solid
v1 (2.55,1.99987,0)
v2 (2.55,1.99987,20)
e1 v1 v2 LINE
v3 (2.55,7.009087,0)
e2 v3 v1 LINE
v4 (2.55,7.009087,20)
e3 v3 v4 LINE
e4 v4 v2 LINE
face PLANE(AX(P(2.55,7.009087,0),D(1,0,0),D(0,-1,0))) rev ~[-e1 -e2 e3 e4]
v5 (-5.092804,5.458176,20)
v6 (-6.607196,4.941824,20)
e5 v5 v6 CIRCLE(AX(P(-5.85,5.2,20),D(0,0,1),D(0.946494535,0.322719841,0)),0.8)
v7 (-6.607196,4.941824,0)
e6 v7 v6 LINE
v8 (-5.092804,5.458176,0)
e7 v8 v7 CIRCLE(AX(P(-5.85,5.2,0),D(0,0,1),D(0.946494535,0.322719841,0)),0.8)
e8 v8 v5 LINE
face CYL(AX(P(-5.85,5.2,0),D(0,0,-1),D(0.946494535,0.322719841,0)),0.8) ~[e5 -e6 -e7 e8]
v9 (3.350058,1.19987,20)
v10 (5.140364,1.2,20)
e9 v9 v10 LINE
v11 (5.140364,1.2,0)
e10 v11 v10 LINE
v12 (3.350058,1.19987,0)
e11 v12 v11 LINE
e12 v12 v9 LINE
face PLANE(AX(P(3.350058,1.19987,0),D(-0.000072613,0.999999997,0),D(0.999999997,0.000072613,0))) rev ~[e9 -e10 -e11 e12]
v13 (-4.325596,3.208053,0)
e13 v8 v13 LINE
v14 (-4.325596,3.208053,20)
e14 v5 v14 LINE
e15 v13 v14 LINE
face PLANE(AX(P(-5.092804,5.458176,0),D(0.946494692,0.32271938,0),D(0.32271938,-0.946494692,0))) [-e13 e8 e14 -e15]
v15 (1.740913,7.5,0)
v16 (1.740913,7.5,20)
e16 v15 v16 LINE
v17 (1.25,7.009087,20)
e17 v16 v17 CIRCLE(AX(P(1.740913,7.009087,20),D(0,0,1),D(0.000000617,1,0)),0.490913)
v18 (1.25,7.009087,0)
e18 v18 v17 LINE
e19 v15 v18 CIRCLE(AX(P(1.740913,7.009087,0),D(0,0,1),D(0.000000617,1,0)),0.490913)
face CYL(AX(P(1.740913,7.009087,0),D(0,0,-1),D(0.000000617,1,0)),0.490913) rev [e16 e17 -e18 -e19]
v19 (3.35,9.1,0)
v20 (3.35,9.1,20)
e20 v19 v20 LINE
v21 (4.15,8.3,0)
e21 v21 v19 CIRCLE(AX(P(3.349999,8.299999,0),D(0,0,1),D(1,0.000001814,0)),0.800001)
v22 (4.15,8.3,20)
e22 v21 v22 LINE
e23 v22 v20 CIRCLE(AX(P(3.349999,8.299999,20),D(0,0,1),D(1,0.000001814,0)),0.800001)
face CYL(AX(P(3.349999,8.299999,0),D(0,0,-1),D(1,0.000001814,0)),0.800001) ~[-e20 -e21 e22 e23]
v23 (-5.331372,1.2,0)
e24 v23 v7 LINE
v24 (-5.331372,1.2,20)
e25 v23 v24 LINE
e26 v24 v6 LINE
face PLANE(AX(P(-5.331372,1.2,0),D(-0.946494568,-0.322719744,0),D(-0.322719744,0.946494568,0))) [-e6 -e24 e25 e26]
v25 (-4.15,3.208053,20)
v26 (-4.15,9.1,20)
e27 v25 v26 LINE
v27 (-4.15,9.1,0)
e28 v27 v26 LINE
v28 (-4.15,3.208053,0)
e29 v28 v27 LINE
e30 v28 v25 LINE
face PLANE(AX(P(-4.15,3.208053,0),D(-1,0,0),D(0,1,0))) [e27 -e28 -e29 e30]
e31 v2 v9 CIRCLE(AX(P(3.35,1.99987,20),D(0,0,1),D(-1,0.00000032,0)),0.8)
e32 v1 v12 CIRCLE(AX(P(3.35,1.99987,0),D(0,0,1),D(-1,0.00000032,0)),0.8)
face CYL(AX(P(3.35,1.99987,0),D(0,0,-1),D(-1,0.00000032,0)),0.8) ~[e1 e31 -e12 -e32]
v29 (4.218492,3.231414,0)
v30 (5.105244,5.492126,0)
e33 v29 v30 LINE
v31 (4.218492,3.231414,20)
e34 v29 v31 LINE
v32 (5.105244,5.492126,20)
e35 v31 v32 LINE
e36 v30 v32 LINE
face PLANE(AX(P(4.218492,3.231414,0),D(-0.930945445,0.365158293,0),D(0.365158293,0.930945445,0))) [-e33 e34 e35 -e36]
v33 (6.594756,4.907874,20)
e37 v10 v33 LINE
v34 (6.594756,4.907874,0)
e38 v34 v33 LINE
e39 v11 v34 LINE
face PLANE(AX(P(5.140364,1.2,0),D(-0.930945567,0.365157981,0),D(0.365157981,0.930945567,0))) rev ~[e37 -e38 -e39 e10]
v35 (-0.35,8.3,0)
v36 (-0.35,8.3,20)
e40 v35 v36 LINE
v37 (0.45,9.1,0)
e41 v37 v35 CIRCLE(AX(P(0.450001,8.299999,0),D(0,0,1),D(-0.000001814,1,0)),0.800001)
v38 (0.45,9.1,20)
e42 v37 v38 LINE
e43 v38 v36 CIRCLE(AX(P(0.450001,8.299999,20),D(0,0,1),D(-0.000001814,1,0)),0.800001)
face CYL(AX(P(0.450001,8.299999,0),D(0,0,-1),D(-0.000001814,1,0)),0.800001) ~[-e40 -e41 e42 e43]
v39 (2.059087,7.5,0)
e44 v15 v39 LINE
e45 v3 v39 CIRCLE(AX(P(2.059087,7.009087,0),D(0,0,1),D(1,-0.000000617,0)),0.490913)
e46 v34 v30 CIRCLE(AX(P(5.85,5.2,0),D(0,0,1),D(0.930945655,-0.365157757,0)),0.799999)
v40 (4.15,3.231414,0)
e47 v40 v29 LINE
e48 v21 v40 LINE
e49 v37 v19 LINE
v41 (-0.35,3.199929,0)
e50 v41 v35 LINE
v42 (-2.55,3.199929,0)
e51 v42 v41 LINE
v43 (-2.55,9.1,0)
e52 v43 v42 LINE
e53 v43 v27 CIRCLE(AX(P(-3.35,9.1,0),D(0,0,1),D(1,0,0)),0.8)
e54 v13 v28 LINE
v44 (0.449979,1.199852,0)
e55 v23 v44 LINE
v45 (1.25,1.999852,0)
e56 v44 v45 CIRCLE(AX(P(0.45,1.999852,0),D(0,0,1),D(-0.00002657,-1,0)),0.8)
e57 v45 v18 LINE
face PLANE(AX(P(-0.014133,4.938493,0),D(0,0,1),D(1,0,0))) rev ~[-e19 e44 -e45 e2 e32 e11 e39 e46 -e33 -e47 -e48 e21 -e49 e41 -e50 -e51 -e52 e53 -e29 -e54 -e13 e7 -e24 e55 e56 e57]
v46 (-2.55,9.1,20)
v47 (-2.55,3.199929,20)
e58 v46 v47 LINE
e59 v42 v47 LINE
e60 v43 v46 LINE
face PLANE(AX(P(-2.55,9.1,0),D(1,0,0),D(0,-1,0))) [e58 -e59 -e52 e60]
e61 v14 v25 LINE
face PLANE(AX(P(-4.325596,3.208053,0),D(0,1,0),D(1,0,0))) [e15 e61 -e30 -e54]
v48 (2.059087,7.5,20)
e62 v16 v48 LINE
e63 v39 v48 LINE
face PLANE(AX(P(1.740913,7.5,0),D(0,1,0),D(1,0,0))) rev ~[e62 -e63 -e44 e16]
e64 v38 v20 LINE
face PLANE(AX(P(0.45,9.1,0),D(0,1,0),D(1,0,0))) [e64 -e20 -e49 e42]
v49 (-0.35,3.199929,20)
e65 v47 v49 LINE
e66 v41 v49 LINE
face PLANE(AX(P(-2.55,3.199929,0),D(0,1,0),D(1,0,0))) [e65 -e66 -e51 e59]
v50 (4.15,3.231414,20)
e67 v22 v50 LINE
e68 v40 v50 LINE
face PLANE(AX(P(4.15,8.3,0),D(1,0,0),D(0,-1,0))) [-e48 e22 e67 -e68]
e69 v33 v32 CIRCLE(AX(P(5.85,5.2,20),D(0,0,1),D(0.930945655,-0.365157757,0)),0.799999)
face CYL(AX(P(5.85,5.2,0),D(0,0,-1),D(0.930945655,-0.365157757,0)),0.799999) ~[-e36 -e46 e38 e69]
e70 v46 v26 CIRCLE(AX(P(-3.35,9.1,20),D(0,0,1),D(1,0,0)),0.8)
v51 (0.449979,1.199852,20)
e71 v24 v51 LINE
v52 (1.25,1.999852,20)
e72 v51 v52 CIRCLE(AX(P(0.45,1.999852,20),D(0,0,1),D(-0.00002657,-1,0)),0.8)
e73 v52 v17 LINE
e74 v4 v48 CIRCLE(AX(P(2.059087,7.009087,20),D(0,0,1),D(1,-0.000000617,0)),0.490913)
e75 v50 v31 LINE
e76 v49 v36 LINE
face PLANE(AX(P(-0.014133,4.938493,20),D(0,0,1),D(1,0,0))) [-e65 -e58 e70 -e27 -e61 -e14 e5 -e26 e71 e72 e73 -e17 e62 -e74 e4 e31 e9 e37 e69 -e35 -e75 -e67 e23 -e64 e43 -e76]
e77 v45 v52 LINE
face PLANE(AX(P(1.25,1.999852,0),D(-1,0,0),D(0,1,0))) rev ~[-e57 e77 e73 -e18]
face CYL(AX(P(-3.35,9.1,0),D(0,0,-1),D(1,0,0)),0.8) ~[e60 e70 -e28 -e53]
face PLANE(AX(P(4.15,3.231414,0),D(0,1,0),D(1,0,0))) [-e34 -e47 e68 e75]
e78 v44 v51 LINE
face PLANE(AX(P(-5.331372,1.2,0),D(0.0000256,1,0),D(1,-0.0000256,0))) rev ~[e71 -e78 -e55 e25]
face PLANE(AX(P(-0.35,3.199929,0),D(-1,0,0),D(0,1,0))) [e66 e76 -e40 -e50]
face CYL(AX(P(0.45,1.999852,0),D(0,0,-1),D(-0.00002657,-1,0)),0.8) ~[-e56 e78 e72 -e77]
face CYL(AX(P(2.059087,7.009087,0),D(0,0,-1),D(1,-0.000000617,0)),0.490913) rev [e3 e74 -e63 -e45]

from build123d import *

# Parameters (mm, degrees)
PAD_DEPTH = 20


with BuildPart() as part:
    # Sketch → Pad (new body)
    with BuildSketch(Plane.XY):
        with BuildLine():
            Line((5.140364, 1.2), (6.594756, 4.907874))
            ThreePointArc((6.594756, 4.907874), (6.142126, 5.944756), (5.105244, 5.492126))
            Line((4.218492, 3.231414), (5.105244, 5.492126))
            Line((4.15, 3.231414), (4.218492, 3.231414))
            Line((4.15, 8.3), (4.15, 3.231414))
            ThreePointArc((4.15, 8.3), (3.915685, 8.865685), (3.35, 9.1))
            Line((0.45, 9.1), (3.35, 9.1))
            ThreePointArc((0.45, 9.1), (-0.115685, 8.865685), (-0.35, 8.3))
            Line((-0.35, 3.199929), (-0.35, 8.3))
            Line((-2.55, 3.199929), (-0.35, 3.199929))
            Line((-2.55, 9.1), (-2.55, 3.199929))
            ThreePointArc((-2.55, 9.1), (-3.35, 9.9), (-4.15, 9.1))
            Line((-4.15, 3.208053), (-4.15, 9.1))
            Line((-4.325596, 3.208053), (-4.15, 3.208053))
            Line((-5.092804, 5.458176), (-4.325596, 3.208053))
            ThreePointArc((-5.092804, 5.458176), (-6.108176, 5.957196), (-6.607196, 4.941824))
            Line((-5.331372, 1.2), (-6.607196, 4.941824))
            Line((-5.331372, 1.2), (0.449979, 1.199852))
            ThreePointArc((0.449979, 1.199852), (1.015678, 1.434159), (1.25, 1.999852))
            Line((1.25, 1.999852), (1.25, 7.009087))
            ThreePointArc((1.740913, 7.5), (1.393785, 7.356215), (1.25, 7.009087))
            Line((1.740913, 7.5), (2.059087, 7.5))
            ThreePointArc((2.55, 7.009087), (2.406215, 7.356215), (2.059087, 7.5))
            Line((2.55, 7.009087), (2.55, 1.99987))
            ThreePointArc((2.55, 1.99987), (2.784335, 1.434164), (3.350058, 1.19987))
            Line((3.350058, 1.19987), (5.140364, 1.2))
        make_face()
    extrude(amount=PAD_DEPTH)


solid = part.part
